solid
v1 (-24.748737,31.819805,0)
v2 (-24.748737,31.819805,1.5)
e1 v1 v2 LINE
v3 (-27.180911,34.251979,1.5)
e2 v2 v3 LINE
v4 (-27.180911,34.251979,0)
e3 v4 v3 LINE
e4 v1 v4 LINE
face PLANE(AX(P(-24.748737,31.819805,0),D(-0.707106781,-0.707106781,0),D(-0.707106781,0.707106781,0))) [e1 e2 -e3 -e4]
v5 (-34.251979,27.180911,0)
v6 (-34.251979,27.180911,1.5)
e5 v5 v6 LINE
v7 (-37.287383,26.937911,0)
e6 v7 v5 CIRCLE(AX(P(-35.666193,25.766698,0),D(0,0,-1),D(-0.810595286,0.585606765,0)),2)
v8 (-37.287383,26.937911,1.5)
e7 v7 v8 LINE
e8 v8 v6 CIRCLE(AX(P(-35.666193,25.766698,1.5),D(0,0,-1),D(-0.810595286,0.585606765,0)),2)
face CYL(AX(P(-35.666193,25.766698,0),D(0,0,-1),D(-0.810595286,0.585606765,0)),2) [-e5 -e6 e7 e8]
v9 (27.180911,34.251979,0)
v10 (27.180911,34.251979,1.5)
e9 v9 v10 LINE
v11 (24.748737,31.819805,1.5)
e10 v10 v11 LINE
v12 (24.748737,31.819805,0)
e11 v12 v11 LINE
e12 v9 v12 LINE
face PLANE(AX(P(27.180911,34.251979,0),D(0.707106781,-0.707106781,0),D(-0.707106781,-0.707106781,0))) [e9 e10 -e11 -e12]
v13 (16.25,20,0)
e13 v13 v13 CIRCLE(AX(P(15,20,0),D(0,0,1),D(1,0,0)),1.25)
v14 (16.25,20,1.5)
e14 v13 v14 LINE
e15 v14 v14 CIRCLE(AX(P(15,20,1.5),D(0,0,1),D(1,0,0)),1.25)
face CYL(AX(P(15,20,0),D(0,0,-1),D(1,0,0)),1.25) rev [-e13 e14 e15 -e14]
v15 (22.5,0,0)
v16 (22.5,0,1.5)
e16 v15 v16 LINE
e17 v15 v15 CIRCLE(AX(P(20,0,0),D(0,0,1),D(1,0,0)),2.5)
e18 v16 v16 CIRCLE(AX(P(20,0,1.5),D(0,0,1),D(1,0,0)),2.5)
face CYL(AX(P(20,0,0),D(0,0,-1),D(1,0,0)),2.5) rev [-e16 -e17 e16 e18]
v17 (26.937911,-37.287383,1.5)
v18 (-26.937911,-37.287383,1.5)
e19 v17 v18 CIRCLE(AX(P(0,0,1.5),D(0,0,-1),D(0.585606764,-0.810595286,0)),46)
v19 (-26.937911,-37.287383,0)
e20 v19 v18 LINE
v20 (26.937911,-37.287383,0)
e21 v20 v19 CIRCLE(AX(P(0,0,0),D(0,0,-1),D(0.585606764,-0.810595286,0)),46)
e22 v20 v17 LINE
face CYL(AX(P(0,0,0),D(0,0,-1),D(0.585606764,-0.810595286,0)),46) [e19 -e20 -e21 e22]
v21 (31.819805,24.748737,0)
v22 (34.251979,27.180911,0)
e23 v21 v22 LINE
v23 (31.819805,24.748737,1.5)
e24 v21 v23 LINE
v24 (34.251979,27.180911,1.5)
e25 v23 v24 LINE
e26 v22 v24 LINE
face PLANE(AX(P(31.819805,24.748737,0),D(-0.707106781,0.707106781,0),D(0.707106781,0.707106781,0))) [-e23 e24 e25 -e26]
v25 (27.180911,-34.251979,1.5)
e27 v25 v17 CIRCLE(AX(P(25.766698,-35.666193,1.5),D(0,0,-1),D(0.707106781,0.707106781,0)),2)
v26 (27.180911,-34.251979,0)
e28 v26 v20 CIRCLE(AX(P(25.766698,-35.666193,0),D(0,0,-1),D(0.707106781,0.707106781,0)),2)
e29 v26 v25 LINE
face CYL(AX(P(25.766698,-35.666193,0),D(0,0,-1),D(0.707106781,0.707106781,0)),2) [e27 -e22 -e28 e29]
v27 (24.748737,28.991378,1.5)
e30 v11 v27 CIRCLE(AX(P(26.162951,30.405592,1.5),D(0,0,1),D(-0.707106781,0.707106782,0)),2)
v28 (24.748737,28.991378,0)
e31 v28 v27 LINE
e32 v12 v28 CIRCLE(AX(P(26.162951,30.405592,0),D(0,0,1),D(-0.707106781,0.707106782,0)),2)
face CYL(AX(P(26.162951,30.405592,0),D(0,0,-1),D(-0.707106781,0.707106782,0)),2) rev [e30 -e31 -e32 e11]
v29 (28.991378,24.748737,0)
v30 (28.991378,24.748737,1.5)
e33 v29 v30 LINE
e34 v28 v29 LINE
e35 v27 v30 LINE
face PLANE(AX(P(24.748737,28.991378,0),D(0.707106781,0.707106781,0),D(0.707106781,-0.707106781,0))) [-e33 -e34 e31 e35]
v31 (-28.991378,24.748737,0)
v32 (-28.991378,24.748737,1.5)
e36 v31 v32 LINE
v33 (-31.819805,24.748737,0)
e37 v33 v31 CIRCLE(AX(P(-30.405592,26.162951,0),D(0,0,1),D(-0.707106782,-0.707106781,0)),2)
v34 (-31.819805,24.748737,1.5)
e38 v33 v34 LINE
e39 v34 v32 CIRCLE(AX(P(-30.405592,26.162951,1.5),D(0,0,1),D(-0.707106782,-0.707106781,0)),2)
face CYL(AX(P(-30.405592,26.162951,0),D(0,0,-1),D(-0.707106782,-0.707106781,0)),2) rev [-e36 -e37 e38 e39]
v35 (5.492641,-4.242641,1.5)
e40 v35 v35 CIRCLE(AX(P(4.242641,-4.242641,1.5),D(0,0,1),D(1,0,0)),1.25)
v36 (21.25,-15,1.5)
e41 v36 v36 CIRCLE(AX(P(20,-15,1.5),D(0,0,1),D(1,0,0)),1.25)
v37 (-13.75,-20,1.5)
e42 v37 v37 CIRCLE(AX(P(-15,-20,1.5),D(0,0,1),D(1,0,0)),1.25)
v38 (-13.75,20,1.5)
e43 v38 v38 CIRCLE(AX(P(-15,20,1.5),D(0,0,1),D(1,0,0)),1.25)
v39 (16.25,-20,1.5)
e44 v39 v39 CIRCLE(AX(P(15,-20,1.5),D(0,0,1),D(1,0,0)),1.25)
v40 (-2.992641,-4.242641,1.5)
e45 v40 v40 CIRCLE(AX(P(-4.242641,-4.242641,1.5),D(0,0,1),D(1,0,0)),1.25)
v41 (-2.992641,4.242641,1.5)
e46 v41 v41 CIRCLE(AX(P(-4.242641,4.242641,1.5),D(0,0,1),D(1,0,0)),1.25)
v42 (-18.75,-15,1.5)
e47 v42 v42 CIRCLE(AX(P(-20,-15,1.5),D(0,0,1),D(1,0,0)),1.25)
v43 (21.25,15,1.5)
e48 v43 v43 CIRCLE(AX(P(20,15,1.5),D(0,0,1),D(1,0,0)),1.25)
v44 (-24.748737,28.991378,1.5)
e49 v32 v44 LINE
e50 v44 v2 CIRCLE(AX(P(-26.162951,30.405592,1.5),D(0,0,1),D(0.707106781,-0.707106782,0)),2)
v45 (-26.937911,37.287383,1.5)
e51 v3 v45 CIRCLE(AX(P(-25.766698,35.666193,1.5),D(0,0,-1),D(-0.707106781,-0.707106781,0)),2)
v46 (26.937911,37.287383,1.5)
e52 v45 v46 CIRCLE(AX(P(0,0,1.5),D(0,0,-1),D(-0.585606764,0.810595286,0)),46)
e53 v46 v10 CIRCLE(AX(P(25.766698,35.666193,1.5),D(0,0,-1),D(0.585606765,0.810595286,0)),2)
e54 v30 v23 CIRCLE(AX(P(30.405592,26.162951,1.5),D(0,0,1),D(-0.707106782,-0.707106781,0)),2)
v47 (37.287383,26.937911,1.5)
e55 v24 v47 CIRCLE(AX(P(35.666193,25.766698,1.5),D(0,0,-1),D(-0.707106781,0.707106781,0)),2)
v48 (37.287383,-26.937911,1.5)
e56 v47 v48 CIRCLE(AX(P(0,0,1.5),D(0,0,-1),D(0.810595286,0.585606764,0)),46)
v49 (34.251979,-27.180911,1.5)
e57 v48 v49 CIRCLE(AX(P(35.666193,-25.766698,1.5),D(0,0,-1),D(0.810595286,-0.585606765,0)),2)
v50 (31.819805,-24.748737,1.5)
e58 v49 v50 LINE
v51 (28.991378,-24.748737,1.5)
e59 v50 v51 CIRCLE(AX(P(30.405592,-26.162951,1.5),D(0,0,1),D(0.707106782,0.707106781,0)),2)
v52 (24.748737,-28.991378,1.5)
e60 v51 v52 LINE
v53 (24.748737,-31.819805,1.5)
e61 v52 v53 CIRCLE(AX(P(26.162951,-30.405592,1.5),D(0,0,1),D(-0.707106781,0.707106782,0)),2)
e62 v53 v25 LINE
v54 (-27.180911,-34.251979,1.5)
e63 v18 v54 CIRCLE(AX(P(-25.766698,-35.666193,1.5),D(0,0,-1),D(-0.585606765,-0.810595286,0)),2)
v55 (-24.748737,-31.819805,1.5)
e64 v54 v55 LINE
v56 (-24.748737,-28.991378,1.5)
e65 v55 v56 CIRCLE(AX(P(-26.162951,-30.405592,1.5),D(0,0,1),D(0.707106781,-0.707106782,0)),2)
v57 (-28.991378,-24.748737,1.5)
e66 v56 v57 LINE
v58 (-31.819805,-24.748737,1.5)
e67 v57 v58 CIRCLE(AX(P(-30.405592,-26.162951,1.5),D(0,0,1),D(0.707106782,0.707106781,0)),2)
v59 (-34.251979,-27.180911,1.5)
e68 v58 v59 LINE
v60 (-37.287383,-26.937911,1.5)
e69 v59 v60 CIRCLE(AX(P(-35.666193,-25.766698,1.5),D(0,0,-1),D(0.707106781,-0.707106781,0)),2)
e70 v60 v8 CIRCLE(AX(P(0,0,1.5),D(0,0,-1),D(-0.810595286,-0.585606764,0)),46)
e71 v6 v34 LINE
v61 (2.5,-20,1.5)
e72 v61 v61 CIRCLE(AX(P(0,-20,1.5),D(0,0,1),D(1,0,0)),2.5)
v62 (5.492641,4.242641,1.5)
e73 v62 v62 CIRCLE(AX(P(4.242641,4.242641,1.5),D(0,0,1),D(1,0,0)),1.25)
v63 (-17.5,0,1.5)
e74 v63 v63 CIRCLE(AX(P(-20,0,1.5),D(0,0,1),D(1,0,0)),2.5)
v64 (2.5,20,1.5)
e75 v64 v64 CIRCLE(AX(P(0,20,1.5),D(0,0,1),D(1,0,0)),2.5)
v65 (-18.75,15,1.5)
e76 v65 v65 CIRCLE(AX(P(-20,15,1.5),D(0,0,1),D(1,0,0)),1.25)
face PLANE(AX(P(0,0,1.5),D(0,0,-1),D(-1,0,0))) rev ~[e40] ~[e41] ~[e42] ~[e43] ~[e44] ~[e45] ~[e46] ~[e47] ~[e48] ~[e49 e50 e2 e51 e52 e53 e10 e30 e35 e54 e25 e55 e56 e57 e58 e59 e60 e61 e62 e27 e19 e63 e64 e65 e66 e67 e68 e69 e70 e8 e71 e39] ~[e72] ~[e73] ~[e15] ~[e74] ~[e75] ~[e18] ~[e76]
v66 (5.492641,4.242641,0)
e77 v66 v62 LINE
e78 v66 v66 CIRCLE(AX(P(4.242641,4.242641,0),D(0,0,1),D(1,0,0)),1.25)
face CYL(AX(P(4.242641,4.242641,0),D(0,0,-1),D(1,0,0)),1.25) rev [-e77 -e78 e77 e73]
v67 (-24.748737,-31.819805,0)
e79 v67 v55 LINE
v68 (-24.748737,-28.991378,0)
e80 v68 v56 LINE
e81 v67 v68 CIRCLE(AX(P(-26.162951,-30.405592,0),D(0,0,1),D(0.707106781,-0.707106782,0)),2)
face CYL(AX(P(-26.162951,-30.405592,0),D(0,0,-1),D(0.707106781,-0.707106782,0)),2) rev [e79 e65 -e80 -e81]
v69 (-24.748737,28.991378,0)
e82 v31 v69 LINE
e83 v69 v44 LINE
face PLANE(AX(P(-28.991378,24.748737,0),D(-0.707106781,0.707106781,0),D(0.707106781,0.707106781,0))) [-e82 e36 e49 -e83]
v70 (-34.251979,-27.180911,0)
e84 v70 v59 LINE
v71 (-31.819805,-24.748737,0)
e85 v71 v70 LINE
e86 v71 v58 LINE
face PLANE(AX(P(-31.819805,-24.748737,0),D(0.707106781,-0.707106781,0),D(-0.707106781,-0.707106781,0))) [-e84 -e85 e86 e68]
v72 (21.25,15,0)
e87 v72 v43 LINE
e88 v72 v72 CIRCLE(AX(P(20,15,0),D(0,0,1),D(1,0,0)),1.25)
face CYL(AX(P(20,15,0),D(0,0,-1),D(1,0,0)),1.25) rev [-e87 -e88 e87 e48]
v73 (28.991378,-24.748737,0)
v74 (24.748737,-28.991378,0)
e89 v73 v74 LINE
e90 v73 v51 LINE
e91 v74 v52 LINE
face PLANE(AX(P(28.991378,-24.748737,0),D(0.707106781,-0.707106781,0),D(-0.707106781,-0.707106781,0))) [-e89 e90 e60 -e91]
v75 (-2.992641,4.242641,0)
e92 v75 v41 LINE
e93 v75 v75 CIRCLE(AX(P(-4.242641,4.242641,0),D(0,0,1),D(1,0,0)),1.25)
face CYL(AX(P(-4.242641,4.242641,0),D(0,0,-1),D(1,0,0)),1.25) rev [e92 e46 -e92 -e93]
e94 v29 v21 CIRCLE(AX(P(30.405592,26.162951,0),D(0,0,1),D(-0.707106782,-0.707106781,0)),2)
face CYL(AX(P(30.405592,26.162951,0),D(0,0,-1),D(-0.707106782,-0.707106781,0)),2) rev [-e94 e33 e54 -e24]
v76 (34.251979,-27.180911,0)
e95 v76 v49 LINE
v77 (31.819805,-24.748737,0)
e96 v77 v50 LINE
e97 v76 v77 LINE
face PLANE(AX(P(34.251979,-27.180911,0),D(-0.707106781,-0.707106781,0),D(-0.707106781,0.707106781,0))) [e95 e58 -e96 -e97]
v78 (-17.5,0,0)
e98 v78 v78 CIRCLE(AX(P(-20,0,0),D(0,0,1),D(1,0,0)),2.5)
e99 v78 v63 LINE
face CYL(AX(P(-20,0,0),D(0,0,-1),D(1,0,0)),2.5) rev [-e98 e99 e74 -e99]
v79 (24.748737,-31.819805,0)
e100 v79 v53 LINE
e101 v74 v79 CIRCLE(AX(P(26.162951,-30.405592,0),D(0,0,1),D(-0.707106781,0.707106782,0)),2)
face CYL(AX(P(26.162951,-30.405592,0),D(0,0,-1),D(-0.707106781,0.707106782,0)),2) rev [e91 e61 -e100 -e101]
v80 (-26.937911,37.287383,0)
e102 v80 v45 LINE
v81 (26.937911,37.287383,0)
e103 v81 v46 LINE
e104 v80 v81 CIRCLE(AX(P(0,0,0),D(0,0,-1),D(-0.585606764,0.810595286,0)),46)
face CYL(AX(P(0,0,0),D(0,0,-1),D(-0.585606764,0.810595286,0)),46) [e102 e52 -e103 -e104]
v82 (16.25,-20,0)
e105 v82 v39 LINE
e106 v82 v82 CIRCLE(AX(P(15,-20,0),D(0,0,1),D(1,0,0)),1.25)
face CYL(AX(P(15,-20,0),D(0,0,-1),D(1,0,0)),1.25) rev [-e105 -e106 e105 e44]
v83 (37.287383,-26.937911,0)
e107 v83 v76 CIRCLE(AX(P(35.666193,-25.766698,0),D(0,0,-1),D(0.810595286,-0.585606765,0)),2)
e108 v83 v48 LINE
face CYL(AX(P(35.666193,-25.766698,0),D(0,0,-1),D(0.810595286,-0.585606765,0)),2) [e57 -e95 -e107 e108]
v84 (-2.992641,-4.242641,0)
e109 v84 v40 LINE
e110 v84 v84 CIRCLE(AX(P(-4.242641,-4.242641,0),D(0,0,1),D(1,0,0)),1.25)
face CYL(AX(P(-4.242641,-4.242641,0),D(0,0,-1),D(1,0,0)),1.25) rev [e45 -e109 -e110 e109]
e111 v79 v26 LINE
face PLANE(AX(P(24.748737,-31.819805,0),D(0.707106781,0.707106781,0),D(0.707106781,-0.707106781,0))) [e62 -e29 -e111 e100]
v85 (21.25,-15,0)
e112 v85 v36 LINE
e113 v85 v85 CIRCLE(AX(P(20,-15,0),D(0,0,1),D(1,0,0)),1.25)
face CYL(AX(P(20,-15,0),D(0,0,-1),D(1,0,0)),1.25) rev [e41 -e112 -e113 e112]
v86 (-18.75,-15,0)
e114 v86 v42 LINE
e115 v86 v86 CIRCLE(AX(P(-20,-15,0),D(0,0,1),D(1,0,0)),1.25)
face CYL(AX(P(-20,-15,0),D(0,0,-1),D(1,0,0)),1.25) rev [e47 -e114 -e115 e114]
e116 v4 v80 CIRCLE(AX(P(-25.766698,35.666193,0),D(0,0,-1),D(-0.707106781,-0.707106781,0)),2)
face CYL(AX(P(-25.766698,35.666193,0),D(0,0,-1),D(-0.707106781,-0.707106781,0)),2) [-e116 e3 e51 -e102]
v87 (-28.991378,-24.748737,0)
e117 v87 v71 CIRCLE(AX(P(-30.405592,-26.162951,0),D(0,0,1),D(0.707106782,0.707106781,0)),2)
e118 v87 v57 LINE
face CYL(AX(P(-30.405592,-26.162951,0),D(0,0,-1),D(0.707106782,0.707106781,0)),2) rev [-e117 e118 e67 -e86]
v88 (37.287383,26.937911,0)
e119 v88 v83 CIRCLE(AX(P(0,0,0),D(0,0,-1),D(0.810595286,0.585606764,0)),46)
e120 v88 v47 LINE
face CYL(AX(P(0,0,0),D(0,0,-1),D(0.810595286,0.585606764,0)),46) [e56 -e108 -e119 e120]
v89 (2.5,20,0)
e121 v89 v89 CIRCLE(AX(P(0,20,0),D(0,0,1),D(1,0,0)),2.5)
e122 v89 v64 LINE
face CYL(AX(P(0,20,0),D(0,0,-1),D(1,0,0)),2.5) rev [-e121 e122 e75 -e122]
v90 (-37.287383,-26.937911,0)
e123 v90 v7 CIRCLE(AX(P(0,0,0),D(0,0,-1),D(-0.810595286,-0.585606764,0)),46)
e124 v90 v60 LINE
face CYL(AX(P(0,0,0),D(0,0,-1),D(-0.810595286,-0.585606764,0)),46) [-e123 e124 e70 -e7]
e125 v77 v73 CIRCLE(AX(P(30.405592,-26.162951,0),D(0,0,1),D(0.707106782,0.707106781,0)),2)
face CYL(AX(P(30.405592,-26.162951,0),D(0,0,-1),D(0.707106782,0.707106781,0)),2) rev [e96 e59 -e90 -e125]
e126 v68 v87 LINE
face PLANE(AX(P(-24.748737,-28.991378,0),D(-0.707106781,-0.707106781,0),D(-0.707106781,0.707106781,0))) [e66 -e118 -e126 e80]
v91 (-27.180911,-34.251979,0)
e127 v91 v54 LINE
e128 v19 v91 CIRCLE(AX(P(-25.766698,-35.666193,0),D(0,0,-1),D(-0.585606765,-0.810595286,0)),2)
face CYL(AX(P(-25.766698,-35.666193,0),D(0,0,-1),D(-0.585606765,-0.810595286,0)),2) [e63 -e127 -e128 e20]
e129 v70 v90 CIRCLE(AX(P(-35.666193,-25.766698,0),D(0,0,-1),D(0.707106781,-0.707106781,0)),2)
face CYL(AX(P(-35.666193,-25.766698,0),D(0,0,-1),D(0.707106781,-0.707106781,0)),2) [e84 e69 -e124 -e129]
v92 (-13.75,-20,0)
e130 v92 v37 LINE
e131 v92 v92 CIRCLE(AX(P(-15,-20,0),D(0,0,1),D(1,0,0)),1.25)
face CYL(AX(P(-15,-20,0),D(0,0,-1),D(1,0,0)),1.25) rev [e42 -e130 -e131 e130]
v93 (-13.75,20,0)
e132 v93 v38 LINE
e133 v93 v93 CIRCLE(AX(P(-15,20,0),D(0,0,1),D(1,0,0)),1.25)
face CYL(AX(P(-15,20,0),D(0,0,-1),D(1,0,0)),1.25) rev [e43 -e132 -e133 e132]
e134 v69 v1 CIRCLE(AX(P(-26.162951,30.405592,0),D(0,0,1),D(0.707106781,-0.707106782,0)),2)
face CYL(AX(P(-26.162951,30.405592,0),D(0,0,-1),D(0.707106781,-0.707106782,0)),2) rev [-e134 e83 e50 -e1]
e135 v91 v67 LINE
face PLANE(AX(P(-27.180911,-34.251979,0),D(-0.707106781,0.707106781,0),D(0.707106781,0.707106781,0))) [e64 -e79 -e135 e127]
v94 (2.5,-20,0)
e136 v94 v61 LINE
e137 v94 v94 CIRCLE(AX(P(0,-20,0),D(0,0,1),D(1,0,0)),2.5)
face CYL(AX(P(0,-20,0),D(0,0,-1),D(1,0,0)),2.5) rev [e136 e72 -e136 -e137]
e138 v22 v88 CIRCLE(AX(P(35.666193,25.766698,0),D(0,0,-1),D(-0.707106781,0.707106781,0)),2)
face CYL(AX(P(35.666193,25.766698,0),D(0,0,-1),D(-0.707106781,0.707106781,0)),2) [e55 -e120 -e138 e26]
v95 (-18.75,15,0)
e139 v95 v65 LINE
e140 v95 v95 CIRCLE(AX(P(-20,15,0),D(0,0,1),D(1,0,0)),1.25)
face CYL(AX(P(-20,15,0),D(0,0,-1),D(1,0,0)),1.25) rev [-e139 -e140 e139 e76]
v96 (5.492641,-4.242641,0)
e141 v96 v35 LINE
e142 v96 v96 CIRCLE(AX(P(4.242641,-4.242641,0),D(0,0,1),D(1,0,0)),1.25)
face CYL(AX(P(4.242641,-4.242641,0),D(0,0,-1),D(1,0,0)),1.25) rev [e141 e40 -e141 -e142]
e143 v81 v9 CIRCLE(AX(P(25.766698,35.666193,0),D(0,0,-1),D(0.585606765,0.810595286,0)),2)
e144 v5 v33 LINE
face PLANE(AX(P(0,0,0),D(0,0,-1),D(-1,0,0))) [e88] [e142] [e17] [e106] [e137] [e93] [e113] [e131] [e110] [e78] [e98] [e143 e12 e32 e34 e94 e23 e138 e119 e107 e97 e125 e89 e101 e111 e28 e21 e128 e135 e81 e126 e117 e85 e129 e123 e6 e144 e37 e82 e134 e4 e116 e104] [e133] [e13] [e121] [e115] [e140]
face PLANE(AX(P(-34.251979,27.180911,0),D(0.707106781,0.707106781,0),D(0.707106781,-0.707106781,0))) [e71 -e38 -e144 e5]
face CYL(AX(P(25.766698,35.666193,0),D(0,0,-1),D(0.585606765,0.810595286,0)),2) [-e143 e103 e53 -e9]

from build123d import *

# Parameters (mm, degrees)
SKETCH5_R           = 2.5
SKETCH5_R_2         = 1.25
BOSS_EXTRUDE1_DEPTH = 1.5


with BuildPart() as part:
    # Sketch5 → Boss-Extrude1 (new body)
    with BuildSketch(Plane.XY):
        with BuildLine():
            Line((-34.251979013, 27.180911201), (-31.819805153, 24.748737342))
            ThreePointArc((-31.819805153, 24.748737342), (-30.405591591, 24.162950904), (-28.991378029, 24.748737342))
            Line((-28.991378029, 24.748737342), (-24.748737342, 28.991378029))
            ThreePointArc((-24.748737342, 28.991378029), (-24.162950904, 30.405591591), (-24.748737342, 31.819805153))
            Line((-24.748737342, 31.819805153), (-27.180911201, 34.251979013))
            ThreePointArc((-27.180911201, 34.251979013), (-27.760319437, 35.825792464), (-26.937911168, 37.287383147))
            ThreePointArc((-26.937911168, 37.287383147), (0, 46), (26.937911168, 37.287383147))
            ThreePointArc((26.937911168, 37.287383147), (27.760319437, 35.825792464), (27.180911201, 34.251979013))
            Line((27.180911201, 34.251979013), (24.748737342, 31.819805153))
            ThreePointArc((24.748737342, 31.819805153), (24.162950904, 30.405591591), (24.748737342, 28.991378029))
            Line((24.748737342, 28.991378029), (28.991378029, 24.748737342))
            ThreePointArc((28.991378029, 24.748737342), (30.405591591, 24.162950904), (31.819805153, 24.748737342))
            Line((31.819805153, 24.748737342), (34.251979013, 27.180911201))
            ThreePointArc((34.251979013, 27.180911201), (35.825792464, 27.760319437), (37.287383147, 26.937911168))
            ThreePointArc((37.287383147, 26.937911168), (46, 0), (37.287383147, -26.937911168))
            ThreePointArc((37.287383147, -26.937911168), (35.825792464, -27.760319437), (34.251979013, -27.180911201))
            Line((34.251979013, -27.180911201), (31.819805153, -24.748737342))
            ThreePointArc((31.819805153, -24.748737342), (30.405591591, -24.162950904), (28.991378029, -24.748737342))
            Line((28.991378029, -24.748737342), (24.748737342, -28.991378029))
            ThreePointArc((24.748737342, -28.991378029), (24.162950904, -30.405591591), (24.748737342, -31.819805153))
            Line((24.748737342, -31.819805153), (27.180911201, -34.251979013))
            ThreePointArc((27.180911201, -34.251979013), (27.760319437, -35.825792464), (26.937911168, -37.287383147))
            ThreePointArc((26.937911168, -37.287383147), (0, -46), (-26.937911168, -37.287383147))
            ThreePointArc((-26.937911168, -37.287383147), (-27.760319437, -35.825792464), (-27.180911201, -34.251979013))
            Line((-27.180911201, -34.251979013), (-24.748737342, -31.819805153))
            ThreePointArc((-24.748737342, -31.819805153), (-24.162950904, -30.405591591), (-24.748737342, -28.991378029))
            Line((-24.748737342, -28.991378029), (-28.991378029, -24.748737342))
            ThreePointArc((-28.991378029, -24.748737342), (-30.405591591, -24.162950904), (-31.819805153, -24.748737342))
            Line((-31.819805153, -24.748737342), (-34.251979013, -27.180911201))
            ThreePointArc((-34.251979013, -27.180911201), (-35.825792464, -27.760319437), (-37.287383147, -26.937911168))
            ThreePointArc((-37.287383147, -26.937911168), (-46, 0), (-37.287383147, 26.937911168))
            ThreePointArc((-37.287383147, 26.937911168), (-35.825792464, 27.760319437), (-34.251979013, 27.180911201))
        make_face()
        with Locations((-20, 0)):
            Circle(SKETCH5_R, mode=Mode.SUBTRACT)
        with Locations((-20, 15)):
            Circle(SKETCH5_R_2, mode=Mode.SUBTRACT)
        with Locations((-20, -15)):
            Circle(SKETCH5_R_2, mode=Mode.SUBTRACT)
        with Locations((-15, -20)):
            Circle(SKETCH5_R_2, mode=Mode.SUBTRACT)
        with Locations((0, -20)):
            Circle(SKETCH5_R, mode=Mode.SUBTRACT)
        with Locations((15, -20)):
            Circle(SKETCH5_R_2, mode=Mode.SUBTRACT)
        with Locations((20, -15)):
            Circle(SKETCH5_R_2, mode=Mode.SUBTRACT)
        with Locations((20, 0)):
            Circle(SKETCH5_R, mode=Mode.SUBTRACT)
        with Locations((20, 15)):
            Circle(SKETCH5_R_2, mode=Mode.SUBTRACT)
        with Locations((15, 20)):
            Circle(SKETCH5_R_2, mode=Mode.SUBTRACT)
        with Locations((0, 20)):
            Circle(SKETCH5_R, mode=Mode.SUBTRACT)
        with Locations((-15, 20)):
            Circle(SKETCH5_R_2, mode=Mode.SUBTRACT)
        with Locations((4.242640687, 4.242640687)):
            Circle(SKETCH5_R_2, mode=Mode.SUBTRACT)
        with Locations((-4.242640687, 4.242640687)):
            Circle(SKETCH5_R_2, mode=Mode.SUBTRACT)
        with Locations((-4.242640687, -4.242640687)):
            Circle(SKETCH5_R_2, mode=Mode.SUBTRACT)
        with Locations((4.242640687, -4.242640687)):
            Circle(SKETCH5_R_2, mode=Mode.SUBTRACT)
    extrude(amount=BOSS_EXTRUDE1_DEPTH)


solid = part.part
